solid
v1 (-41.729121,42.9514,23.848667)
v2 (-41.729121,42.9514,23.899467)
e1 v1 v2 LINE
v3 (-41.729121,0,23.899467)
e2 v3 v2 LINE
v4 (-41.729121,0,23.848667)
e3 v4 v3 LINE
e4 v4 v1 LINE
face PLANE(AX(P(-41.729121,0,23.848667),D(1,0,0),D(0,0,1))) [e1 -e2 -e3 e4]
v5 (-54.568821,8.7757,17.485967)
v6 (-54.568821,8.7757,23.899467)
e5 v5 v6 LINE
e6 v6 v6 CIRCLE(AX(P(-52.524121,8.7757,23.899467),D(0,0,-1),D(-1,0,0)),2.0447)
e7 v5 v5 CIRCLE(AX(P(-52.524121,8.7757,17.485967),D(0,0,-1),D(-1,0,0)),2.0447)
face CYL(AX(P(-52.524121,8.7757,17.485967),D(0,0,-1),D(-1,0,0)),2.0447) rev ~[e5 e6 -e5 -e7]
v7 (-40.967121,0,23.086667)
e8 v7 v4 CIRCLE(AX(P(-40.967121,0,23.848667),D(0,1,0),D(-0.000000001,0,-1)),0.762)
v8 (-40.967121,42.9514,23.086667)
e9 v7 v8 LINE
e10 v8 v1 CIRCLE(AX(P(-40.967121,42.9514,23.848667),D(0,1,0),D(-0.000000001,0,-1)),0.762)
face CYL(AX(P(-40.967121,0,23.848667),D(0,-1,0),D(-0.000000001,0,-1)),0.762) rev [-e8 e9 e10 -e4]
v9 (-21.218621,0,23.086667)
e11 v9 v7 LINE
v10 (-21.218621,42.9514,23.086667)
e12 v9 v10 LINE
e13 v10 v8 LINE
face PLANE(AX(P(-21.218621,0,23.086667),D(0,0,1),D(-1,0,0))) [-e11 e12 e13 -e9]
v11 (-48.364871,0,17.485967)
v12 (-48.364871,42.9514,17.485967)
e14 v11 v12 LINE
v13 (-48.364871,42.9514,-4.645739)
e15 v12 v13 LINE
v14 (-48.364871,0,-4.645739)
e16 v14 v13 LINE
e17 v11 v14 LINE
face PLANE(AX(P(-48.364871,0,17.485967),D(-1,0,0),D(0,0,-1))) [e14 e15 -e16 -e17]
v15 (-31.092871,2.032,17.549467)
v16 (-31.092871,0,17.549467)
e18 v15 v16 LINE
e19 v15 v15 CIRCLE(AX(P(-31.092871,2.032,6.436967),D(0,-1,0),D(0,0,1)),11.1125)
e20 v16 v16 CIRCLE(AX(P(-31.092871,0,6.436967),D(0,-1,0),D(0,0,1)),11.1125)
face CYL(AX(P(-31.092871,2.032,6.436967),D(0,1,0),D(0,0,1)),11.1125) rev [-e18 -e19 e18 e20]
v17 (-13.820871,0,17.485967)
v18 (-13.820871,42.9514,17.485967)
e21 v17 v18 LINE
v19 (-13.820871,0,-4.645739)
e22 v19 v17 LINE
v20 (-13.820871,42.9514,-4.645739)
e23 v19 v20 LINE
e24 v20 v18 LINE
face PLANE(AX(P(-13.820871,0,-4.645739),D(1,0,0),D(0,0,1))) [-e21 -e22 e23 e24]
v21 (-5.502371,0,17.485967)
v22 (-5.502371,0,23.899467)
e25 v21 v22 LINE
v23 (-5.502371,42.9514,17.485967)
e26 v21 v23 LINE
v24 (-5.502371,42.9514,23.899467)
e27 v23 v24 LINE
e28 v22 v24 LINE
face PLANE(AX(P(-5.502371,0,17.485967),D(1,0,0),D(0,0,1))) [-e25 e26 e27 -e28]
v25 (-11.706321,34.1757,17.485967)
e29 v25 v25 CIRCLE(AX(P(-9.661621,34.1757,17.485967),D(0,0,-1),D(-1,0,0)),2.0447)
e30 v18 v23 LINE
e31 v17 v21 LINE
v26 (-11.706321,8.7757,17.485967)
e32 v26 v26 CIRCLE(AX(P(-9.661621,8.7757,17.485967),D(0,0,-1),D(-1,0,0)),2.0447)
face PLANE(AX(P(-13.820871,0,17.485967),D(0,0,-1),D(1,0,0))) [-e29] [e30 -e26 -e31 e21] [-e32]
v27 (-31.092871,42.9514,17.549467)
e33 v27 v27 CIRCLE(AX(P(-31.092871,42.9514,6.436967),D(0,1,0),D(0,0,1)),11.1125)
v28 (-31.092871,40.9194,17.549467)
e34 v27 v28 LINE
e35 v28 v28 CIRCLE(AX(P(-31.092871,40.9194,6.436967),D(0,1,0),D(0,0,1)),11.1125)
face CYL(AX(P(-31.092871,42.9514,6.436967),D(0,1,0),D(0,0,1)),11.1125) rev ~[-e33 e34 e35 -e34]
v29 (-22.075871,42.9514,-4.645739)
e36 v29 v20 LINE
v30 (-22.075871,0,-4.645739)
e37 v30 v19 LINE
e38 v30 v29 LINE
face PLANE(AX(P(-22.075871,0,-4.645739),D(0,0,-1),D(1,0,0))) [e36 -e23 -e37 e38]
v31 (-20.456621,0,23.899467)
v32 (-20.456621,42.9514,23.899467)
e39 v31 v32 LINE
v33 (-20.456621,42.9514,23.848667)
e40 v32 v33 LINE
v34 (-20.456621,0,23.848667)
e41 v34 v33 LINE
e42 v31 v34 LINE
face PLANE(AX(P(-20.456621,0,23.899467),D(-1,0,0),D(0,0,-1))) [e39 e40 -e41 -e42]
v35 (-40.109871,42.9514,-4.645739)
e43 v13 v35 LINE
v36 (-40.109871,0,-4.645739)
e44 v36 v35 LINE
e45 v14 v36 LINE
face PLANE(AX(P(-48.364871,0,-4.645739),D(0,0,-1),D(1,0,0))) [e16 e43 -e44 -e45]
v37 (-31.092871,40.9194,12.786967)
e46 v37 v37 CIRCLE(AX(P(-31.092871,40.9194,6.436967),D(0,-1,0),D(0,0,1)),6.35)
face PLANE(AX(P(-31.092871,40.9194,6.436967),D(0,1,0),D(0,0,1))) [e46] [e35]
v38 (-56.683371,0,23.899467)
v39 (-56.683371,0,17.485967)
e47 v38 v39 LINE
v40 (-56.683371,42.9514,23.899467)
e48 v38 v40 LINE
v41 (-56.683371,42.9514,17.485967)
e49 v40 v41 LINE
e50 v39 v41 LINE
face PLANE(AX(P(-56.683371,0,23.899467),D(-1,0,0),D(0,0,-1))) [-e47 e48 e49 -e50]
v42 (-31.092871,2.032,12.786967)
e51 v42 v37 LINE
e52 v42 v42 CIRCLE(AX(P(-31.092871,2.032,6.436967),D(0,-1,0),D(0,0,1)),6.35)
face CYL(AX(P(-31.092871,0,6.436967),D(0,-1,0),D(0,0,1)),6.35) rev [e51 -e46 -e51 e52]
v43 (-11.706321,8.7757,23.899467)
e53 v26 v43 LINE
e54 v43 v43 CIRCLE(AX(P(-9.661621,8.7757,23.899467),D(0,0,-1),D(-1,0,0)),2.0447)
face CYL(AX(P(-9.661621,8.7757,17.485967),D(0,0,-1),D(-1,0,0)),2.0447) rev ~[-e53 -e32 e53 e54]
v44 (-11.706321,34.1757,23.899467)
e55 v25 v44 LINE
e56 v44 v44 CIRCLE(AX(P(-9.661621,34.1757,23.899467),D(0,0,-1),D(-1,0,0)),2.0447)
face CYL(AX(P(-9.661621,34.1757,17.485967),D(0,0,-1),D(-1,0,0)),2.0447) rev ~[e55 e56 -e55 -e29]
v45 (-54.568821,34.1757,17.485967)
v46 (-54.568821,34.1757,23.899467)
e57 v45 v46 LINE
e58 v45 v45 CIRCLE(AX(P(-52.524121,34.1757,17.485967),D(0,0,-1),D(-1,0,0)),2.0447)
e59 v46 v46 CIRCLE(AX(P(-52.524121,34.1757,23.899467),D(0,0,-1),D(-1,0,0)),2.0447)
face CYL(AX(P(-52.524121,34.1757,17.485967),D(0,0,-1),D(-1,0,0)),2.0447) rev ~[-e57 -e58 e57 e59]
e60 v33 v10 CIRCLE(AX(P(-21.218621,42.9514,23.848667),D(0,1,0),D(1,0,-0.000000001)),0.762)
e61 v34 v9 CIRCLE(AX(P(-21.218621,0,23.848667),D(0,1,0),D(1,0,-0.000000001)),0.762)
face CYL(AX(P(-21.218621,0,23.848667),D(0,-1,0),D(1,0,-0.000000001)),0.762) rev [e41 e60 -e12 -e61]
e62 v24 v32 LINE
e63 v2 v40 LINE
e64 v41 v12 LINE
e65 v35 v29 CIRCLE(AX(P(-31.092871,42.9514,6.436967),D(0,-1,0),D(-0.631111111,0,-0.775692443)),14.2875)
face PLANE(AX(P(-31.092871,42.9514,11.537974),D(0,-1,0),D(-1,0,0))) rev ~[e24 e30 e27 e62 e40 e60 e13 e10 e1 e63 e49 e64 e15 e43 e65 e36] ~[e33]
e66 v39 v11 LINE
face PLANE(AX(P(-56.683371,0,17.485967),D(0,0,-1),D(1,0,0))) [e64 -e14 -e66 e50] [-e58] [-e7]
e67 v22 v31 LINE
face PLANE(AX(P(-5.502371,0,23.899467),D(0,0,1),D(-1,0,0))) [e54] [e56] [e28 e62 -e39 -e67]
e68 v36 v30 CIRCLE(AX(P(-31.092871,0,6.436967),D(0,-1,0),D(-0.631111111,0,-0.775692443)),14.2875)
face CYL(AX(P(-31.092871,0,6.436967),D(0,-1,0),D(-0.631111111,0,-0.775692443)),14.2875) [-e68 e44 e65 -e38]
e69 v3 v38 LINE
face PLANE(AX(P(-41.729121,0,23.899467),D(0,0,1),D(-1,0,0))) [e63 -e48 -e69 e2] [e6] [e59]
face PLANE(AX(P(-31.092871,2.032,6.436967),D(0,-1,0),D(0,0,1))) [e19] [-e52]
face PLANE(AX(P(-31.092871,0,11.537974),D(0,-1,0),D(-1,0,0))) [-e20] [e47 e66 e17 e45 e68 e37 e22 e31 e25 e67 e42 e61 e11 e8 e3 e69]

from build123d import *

# Parameters (mm, degrees)
SKETCH1_R           = 6.35
BOSS_EXTRUDE1_DEPTH = 42.9514
SKETCH2_R           = 11.1125
CUT_EXTRUDE1_DEPTH  = 2.032
CUT_EXTRUDE2_START  = -2.032
SKETCH3_R           = 11.1125
CUT_EXTRUDE2_DEPTH  = 2.032
SKETCH8_R           = 2.0447
CUT_EXTRUDE3_DEPTH  = 76.496791448


with BuildPart() as part:
    # Sketch1 → Boss-Extrude1 (new body)
    with BuildSketch(Plane(origin=(0, 0, 0), x_dir=(1, 0, 0), z_dir=(0, 1, 0))):
        with BuildLine():
            Line((-41.729120795, -23.848667038), (-41.729120795, -23.899467038))
            Line((-41.729120795, -23.899467038), (-56.683370795, -23.899467038))
            Line((-56.683370795, -23.899467038), (-56.683370795, -17.485967038))
            Line((-56.683370795, -17.485967038), (-48.364870795, -17.485967038))
            Line((-48.364870795, -17.485967038), (-48.364870795, 4.645738735))
            Line((-48.364870795, 4.645738735), (-40.109870795, 4.645738735))
            ThreePointArc((-40.109870795, 4.645738735), (-31.092870795, 7.850532962), (-22.075870795, 4.645738735))
            Line((-22.075870795, 4.645738735), (-13.820870795, 4.645738735))
            Line((-13.820870795, 4.645738735), (-13.820870795, -17.485967038))
            Line((-13.820870795, -17.485967038), (-5.502370795, -17.485967038))
            Line((-5.502370795, -17.485967038), (-5.502370795, -23.899467038))
            Line((-5.502370795, -23.899467038), (-20.456620795, -23.899467038))
            Line((-20.456620795, -23.899467038), (-20.456620795, -23.848667038))
            ThreePointArc((-20.456620795, -23.848667038), (-20.679805428, -23.309851671), (-21.218620795, -23.086667038))
            Line((-21.218620795, -23.086667038), (-40.967120795, -23.086667038))
            ThreePointArc((-40.967120795, -23.086667038), (-41.505936162, -23.309851671), (-41.729120795, -23.848667038))
        make_face()
        with Locations(Location((-31.092870795, -6.436967038, 0), (0, 0, 270))):
            Circle(SKETCH1_R, mode=Mode.SUBTRACT)
    extrude(amount=BOSS_EXTRUDE1_DEPTH)

    # Sketch2 → Cut-Extrude1 (cut)
    with BuildSketch(Plane(origin=(0, 42.9514, 0), x_dir=(1, 0, 0), z_dir=(0, 1, 0))):
        with Locations(Location((-31.092870795, -6.436967038, 0), (0, 0, 270))):
            Circle(SKETCH2_R)
    extrude(amount=-CUT_EXTRUDE1_DEPTH, mode=Mode.SUBTRACT)

    # Sketch3 → Cut-Extrude2 (cut)
    with BuildSketch(Plane.XZ.offset(CUT_EXTRUDE2_START)):
        with Locations(Location((-31.092870795, 6.436967038, 0), (0, 0, 90))):
            Circle(SKETCH3_R)
    extrude(amount=CUT_EXTRUDE2_DEPTH, mode=Mode.SUBTRACT)

    # Sketch8 → Cut-Extrude3 (cut, through all)
    with BuildSketch(Plane(origin=(0, 0, 17.485967038), x_dir=(-1, 0, 0), z_dir=(0, 0, -1))):
        with Locations((52.524120795, 8.7757)):
            Circle(SKETCH8_R)
        with Locations((52.524120795, 34.1757)):
            Circle(SKETCH8_R)
        with Locations((9.661620795, 8.7757)):
            Circle(SKETCH8_R)
        with Locations((9.661620795, 34.1757)):
            Circle(SKETCH8_R)
    extrude(amount=-CUT_EXTRUDE3_DEPTH, mode=Mode.SUBTRACT)


solid = part.part
